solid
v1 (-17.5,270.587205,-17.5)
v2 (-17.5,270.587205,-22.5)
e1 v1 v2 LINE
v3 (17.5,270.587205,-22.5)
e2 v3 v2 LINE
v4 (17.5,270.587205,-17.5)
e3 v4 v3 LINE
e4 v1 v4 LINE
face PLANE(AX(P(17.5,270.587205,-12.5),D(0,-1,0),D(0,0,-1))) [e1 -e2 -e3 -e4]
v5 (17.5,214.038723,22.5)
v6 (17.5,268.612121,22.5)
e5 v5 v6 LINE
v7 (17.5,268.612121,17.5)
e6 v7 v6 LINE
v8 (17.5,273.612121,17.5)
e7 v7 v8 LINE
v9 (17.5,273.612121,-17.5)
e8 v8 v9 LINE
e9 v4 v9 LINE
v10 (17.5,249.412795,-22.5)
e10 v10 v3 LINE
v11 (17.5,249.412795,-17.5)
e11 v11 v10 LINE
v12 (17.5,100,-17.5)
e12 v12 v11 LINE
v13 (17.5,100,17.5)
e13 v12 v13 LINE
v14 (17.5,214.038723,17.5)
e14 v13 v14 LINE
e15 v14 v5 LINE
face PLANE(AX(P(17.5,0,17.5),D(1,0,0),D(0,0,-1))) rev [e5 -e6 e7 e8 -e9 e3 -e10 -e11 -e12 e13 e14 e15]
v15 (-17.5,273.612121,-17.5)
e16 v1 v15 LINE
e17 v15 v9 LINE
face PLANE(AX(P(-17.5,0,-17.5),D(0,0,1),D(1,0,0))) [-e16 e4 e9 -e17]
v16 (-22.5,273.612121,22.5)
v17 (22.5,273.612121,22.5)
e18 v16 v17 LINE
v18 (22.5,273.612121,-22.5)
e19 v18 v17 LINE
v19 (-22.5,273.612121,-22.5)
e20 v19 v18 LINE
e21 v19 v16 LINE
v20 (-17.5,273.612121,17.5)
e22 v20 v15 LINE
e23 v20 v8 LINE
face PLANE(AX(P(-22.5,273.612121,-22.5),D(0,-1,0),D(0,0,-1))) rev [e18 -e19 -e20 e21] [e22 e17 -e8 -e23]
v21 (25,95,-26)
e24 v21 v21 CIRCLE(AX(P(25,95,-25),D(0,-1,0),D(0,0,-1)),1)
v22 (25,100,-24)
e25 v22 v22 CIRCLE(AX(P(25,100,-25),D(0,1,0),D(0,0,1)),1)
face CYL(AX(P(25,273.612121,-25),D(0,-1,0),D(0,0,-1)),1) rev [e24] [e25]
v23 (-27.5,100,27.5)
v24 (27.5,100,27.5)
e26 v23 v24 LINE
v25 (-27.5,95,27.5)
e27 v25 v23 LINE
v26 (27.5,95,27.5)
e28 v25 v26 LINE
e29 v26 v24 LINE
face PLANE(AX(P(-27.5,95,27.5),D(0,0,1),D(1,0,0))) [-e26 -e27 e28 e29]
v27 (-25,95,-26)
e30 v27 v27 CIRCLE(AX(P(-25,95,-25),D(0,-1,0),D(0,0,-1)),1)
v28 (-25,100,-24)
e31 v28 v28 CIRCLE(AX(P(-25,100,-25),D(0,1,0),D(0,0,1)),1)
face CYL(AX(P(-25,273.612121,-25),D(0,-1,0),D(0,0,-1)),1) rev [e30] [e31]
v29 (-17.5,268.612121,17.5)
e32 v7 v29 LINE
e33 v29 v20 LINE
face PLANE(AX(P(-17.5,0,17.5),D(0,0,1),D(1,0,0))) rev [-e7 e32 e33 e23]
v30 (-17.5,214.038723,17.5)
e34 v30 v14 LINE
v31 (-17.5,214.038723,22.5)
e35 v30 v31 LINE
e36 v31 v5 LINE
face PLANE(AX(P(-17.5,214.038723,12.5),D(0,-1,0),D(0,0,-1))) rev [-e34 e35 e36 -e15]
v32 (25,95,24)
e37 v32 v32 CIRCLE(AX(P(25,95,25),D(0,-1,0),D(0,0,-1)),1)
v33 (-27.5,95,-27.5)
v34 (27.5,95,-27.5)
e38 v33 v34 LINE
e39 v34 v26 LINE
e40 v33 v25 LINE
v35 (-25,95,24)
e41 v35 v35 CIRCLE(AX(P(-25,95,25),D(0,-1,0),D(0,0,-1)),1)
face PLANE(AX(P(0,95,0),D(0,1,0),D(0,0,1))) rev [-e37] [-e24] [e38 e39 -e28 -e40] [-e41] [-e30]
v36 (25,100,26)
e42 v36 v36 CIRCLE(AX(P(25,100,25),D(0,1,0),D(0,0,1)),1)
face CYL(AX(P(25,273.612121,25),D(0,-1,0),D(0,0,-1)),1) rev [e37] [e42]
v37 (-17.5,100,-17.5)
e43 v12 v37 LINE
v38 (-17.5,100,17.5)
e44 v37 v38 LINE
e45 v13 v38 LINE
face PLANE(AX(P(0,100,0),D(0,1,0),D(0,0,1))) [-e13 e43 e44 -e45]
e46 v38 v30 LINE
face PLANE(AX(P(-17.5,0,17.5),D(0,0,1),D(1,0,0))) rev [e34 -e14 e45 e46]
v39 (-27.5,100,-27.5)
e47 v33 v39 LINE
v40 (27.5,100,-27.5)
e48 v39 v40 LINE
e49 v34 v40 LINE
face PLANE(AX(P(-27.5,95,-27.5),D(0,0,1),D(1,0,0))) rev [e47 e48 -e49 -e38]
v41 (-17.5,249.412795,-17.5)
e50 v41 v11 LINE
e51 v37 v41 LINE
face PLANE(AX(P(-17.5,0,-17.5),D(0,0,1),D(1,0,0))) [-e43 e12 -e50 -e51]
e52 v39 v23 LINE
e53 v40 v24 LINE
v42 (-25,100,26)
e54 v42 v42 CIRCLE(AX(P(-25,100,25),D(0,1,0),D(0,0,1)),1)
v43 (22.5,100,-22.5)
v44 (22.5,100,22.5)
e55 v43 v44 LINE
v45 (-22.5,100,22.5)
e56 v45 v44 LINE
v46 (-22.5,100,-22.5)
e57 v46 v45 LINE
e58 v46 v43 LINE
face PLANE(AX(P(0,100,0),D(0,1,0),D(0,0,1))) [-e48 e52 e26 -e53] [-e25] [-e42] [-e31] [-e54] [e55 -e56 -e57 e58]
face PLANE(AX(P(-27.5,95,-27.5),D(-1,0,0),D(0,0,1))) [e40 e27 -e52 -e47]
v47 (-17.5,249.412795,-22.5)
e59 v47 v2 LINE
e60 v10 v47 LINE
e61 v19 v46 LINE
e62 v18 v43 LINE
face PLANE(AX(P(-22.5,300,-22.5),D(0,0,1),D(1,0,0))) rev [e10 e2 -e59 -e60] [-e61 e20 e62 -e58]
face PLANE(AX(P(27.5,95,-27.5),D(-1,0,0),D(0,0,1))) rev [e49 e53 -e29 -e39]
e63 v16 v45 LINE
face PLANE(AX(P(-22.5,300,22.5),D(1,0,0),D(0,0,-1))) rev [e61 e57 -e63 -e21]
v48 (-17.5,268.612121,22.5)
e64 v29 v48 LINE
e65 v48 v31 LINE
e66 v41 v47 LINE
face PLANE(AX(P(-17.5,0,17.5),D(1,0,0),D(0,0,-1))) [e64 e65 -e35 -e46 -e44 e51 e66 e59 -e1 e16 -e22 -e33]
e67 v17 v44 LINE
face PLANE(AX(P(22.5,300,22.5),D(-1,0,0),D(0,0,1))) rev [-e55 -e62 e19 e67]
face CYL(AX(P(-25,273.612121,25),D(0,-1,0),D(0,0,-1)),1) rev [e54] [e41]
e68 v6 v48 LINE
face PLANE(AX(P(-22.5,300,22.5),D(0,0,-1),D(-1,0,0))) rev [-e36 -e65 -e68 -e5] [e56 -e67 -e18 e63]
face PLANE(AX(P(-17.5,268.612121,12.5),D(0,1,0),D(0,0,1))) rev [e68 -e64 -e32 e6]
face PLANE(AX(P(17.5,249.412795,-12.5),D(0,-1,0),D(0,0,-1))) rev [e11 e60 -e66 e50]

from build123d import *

# Parameters (mm, degrees)
CROQUIS1_W                 = 45
CROQUIS1_H                 = 45
SALIENTE_EXTRUIR1_DEPTH    = 300
CROQUIS4_W                 = 18
CROQUIS4_H                 = 34
CORTAR_EXTRUIR2_DEPTH      = 46
CROQUIS8_W                 = 35
CROQUIS8_H                 = 35
CORTAR_EXTRUIR3_DEPTH      = 301
CROQUIS9_W                 = 35
CROQUIS9_H                 = 21.174410022
CORTAR_EXTRUIR4_DEPTH      = 10
CROQUIS10_R                = 1
CORTAR_EXTRUIR5_DEPTH      = 10
CROQUIS17_W                = 35
CROQUIS17_H                = 54.573397986
CORTAR_EXTRUIR9_DEPTH      = 10
CROQUIS11_W                = 45
CROQUIS11_H                = 26.387879272
CORTAR_EXTRUIR6_DEPTH      = 46
CROQUIS13_W                = 45
CROQUIS13_H                = 100
CORTAR_EXTRUIR7_DEPTH      = 23.5
CORTAR_EXTRUIR7_DEPTH_BACK = 23.5
CROQUIS14_W                = 55
CROQUIS14_H                = 55
SALIENTE_EXTRUIR2_DEPTH    = 5
CROQUIS16_R                = 1
CORTAR_EXTRUIR8_DEPTH      = 1
CORTAR_EXTRUIR8_DEPTH_BACK = 179.612120728


with BuildPart() as part:
    # Croquis1 → Saliente-Extruir1 (new body)
    with BuildSketch(Plane(origin=(0, 0, 0), x_dir=(1, 0, 0), z_dir=(0, 1, 0))):
        Rectangle(CROQUIS1_W, CROQUIS1_H)
    extrude(amount=SALIENTE_EXTRUIR1_DEPTH)

    # Croquis4 → Cortar-Extruir2 (cut, through all)
    with BuildSketch(Plane.ZY.offset(22.5)):
        with Locations((13.5, 17)):
            Rectangle(CROQUIS4_W, CROQUIS4_H)
    extrude(amount=-CORTAR_EXTRUIR2_DEPTH, mode=Mode.SUBTRACT)

    # Croquis8 → Cortar-Extruir3 (cut, through all)
    with BuildSketch(Plane(origin=(0, 300, 0), x_dir=(1, 0, 0), z_dir=(0, 1, 0))):
        Rectangle(CROQUIS8_W, CROQUIS8_H)
    extrude(amount=-CORTAR_EXTRUIR3_DEPTH, mode=Mode.SUBTRACT)

    # Croquis9 → Cortar-Extruir4 (cut)
    with BuildSketch(Plane(origin=(0, 0, -22.5), x_dir=(-1, 0, 0), z_dir=(0, 0, -1))):
        with Locations((0, 260)):
            Rectangle(CROQUIS9_W, CROQUIS9_H)
    extrude(amount=-CORTAR_EXTRUIR4_DEPTH, mode=Mode.SUBTRACT)

    # Croquis10 → Cortar-Extruir5 (cut)
    with BuildSketch(Plane.XY.offset(22.5)):
        with Locations((0, 260)):
            Circle(CROQUIS10_R)
    extrude(amount=-CORTAR_EXTRUIR5_DEPTH, mode=Mode.SUBTRACT)

    # Croquis17 → Cortar-Extruir9 (cut)
    with BuildSketch(Plane.XY.offset(22.5)):
        with Locations((0, 241.325421735)):
            Rectangle(CROQUIS17_W, CROQUIS17_H)
    extrude(amount=-CORTAR_EXTRUIR9_DEPTH, mode=Mode.SUBTRACT)

    # Croquis11 → Cortar-Extruir6 (cut, through all)
    with BuildSketch(Plane.XY.offset(22.5)):
        with Locations((0, 286.806060364)):
            Rectangle(CROQUIS11_W, CROQUIS11_H)
    extrude(amount=-CORTAR_EXTRUIR6_DEPTH, mode=Mode.SUBTRACT)

    # Croquis13 → Cortar-Extruir7 (cut, two sides)
    with BuildSketch(Plane(origin=(0, 0, 0), x_dir=(0, 0, -1), z_dir=(1, 0, 0))) as cortar_extruir7_sk:
        with Locations((0, 50)):
            Rectangle(CROQUIS13_W, CROQUIS13_H)
    extrude(amount=CORTAR_EXTRUIR7_DEPTH, mode=Mode.SUBTRACT)
    extrude(cortar_extruir7_sk.sketch, amount=-CORTAR_EXTRUIR7_DEPTH_BACK, mode=Mode.SUBTRACT)

    # Croquis14 → Saliente-Extruir2 (add)
    with BuildSketch(Plane.XZ.offset(-100)):
        Rectangle(CROQUIS14_W, CROQUIS14_H)
    extrude(amount=SALIENTE_EXTRUIR2_DEPTH)

    # Croquis16 → Cortar-Extruir8 (cut, two sides)
    with BuildSketch(Plane.XZ.offset(-95)) as cortar_extruir8_sk:
        with Locations((25, 25)):
            Circle(CROQUIS16_R)
        with Locations((-25, 25)):
            Circle(CROQUIS16_R)
        with Locations((-25, -25)):
            Circle(CROQUIS16_R)
        with Locations((25, -25)):
            Circle(CROQUIS16_R)
    extrude(amount=CORTAR_EXTRUIR8_DEPTH, mode=Mode.SUBTRACT)
    extrude(cortar_extruir8_sk.sketch, amount=-CORTAR_EXTRUIR8_DEPTH_BACK, mode=Mode.SUBTRACT)


solid = part.part
